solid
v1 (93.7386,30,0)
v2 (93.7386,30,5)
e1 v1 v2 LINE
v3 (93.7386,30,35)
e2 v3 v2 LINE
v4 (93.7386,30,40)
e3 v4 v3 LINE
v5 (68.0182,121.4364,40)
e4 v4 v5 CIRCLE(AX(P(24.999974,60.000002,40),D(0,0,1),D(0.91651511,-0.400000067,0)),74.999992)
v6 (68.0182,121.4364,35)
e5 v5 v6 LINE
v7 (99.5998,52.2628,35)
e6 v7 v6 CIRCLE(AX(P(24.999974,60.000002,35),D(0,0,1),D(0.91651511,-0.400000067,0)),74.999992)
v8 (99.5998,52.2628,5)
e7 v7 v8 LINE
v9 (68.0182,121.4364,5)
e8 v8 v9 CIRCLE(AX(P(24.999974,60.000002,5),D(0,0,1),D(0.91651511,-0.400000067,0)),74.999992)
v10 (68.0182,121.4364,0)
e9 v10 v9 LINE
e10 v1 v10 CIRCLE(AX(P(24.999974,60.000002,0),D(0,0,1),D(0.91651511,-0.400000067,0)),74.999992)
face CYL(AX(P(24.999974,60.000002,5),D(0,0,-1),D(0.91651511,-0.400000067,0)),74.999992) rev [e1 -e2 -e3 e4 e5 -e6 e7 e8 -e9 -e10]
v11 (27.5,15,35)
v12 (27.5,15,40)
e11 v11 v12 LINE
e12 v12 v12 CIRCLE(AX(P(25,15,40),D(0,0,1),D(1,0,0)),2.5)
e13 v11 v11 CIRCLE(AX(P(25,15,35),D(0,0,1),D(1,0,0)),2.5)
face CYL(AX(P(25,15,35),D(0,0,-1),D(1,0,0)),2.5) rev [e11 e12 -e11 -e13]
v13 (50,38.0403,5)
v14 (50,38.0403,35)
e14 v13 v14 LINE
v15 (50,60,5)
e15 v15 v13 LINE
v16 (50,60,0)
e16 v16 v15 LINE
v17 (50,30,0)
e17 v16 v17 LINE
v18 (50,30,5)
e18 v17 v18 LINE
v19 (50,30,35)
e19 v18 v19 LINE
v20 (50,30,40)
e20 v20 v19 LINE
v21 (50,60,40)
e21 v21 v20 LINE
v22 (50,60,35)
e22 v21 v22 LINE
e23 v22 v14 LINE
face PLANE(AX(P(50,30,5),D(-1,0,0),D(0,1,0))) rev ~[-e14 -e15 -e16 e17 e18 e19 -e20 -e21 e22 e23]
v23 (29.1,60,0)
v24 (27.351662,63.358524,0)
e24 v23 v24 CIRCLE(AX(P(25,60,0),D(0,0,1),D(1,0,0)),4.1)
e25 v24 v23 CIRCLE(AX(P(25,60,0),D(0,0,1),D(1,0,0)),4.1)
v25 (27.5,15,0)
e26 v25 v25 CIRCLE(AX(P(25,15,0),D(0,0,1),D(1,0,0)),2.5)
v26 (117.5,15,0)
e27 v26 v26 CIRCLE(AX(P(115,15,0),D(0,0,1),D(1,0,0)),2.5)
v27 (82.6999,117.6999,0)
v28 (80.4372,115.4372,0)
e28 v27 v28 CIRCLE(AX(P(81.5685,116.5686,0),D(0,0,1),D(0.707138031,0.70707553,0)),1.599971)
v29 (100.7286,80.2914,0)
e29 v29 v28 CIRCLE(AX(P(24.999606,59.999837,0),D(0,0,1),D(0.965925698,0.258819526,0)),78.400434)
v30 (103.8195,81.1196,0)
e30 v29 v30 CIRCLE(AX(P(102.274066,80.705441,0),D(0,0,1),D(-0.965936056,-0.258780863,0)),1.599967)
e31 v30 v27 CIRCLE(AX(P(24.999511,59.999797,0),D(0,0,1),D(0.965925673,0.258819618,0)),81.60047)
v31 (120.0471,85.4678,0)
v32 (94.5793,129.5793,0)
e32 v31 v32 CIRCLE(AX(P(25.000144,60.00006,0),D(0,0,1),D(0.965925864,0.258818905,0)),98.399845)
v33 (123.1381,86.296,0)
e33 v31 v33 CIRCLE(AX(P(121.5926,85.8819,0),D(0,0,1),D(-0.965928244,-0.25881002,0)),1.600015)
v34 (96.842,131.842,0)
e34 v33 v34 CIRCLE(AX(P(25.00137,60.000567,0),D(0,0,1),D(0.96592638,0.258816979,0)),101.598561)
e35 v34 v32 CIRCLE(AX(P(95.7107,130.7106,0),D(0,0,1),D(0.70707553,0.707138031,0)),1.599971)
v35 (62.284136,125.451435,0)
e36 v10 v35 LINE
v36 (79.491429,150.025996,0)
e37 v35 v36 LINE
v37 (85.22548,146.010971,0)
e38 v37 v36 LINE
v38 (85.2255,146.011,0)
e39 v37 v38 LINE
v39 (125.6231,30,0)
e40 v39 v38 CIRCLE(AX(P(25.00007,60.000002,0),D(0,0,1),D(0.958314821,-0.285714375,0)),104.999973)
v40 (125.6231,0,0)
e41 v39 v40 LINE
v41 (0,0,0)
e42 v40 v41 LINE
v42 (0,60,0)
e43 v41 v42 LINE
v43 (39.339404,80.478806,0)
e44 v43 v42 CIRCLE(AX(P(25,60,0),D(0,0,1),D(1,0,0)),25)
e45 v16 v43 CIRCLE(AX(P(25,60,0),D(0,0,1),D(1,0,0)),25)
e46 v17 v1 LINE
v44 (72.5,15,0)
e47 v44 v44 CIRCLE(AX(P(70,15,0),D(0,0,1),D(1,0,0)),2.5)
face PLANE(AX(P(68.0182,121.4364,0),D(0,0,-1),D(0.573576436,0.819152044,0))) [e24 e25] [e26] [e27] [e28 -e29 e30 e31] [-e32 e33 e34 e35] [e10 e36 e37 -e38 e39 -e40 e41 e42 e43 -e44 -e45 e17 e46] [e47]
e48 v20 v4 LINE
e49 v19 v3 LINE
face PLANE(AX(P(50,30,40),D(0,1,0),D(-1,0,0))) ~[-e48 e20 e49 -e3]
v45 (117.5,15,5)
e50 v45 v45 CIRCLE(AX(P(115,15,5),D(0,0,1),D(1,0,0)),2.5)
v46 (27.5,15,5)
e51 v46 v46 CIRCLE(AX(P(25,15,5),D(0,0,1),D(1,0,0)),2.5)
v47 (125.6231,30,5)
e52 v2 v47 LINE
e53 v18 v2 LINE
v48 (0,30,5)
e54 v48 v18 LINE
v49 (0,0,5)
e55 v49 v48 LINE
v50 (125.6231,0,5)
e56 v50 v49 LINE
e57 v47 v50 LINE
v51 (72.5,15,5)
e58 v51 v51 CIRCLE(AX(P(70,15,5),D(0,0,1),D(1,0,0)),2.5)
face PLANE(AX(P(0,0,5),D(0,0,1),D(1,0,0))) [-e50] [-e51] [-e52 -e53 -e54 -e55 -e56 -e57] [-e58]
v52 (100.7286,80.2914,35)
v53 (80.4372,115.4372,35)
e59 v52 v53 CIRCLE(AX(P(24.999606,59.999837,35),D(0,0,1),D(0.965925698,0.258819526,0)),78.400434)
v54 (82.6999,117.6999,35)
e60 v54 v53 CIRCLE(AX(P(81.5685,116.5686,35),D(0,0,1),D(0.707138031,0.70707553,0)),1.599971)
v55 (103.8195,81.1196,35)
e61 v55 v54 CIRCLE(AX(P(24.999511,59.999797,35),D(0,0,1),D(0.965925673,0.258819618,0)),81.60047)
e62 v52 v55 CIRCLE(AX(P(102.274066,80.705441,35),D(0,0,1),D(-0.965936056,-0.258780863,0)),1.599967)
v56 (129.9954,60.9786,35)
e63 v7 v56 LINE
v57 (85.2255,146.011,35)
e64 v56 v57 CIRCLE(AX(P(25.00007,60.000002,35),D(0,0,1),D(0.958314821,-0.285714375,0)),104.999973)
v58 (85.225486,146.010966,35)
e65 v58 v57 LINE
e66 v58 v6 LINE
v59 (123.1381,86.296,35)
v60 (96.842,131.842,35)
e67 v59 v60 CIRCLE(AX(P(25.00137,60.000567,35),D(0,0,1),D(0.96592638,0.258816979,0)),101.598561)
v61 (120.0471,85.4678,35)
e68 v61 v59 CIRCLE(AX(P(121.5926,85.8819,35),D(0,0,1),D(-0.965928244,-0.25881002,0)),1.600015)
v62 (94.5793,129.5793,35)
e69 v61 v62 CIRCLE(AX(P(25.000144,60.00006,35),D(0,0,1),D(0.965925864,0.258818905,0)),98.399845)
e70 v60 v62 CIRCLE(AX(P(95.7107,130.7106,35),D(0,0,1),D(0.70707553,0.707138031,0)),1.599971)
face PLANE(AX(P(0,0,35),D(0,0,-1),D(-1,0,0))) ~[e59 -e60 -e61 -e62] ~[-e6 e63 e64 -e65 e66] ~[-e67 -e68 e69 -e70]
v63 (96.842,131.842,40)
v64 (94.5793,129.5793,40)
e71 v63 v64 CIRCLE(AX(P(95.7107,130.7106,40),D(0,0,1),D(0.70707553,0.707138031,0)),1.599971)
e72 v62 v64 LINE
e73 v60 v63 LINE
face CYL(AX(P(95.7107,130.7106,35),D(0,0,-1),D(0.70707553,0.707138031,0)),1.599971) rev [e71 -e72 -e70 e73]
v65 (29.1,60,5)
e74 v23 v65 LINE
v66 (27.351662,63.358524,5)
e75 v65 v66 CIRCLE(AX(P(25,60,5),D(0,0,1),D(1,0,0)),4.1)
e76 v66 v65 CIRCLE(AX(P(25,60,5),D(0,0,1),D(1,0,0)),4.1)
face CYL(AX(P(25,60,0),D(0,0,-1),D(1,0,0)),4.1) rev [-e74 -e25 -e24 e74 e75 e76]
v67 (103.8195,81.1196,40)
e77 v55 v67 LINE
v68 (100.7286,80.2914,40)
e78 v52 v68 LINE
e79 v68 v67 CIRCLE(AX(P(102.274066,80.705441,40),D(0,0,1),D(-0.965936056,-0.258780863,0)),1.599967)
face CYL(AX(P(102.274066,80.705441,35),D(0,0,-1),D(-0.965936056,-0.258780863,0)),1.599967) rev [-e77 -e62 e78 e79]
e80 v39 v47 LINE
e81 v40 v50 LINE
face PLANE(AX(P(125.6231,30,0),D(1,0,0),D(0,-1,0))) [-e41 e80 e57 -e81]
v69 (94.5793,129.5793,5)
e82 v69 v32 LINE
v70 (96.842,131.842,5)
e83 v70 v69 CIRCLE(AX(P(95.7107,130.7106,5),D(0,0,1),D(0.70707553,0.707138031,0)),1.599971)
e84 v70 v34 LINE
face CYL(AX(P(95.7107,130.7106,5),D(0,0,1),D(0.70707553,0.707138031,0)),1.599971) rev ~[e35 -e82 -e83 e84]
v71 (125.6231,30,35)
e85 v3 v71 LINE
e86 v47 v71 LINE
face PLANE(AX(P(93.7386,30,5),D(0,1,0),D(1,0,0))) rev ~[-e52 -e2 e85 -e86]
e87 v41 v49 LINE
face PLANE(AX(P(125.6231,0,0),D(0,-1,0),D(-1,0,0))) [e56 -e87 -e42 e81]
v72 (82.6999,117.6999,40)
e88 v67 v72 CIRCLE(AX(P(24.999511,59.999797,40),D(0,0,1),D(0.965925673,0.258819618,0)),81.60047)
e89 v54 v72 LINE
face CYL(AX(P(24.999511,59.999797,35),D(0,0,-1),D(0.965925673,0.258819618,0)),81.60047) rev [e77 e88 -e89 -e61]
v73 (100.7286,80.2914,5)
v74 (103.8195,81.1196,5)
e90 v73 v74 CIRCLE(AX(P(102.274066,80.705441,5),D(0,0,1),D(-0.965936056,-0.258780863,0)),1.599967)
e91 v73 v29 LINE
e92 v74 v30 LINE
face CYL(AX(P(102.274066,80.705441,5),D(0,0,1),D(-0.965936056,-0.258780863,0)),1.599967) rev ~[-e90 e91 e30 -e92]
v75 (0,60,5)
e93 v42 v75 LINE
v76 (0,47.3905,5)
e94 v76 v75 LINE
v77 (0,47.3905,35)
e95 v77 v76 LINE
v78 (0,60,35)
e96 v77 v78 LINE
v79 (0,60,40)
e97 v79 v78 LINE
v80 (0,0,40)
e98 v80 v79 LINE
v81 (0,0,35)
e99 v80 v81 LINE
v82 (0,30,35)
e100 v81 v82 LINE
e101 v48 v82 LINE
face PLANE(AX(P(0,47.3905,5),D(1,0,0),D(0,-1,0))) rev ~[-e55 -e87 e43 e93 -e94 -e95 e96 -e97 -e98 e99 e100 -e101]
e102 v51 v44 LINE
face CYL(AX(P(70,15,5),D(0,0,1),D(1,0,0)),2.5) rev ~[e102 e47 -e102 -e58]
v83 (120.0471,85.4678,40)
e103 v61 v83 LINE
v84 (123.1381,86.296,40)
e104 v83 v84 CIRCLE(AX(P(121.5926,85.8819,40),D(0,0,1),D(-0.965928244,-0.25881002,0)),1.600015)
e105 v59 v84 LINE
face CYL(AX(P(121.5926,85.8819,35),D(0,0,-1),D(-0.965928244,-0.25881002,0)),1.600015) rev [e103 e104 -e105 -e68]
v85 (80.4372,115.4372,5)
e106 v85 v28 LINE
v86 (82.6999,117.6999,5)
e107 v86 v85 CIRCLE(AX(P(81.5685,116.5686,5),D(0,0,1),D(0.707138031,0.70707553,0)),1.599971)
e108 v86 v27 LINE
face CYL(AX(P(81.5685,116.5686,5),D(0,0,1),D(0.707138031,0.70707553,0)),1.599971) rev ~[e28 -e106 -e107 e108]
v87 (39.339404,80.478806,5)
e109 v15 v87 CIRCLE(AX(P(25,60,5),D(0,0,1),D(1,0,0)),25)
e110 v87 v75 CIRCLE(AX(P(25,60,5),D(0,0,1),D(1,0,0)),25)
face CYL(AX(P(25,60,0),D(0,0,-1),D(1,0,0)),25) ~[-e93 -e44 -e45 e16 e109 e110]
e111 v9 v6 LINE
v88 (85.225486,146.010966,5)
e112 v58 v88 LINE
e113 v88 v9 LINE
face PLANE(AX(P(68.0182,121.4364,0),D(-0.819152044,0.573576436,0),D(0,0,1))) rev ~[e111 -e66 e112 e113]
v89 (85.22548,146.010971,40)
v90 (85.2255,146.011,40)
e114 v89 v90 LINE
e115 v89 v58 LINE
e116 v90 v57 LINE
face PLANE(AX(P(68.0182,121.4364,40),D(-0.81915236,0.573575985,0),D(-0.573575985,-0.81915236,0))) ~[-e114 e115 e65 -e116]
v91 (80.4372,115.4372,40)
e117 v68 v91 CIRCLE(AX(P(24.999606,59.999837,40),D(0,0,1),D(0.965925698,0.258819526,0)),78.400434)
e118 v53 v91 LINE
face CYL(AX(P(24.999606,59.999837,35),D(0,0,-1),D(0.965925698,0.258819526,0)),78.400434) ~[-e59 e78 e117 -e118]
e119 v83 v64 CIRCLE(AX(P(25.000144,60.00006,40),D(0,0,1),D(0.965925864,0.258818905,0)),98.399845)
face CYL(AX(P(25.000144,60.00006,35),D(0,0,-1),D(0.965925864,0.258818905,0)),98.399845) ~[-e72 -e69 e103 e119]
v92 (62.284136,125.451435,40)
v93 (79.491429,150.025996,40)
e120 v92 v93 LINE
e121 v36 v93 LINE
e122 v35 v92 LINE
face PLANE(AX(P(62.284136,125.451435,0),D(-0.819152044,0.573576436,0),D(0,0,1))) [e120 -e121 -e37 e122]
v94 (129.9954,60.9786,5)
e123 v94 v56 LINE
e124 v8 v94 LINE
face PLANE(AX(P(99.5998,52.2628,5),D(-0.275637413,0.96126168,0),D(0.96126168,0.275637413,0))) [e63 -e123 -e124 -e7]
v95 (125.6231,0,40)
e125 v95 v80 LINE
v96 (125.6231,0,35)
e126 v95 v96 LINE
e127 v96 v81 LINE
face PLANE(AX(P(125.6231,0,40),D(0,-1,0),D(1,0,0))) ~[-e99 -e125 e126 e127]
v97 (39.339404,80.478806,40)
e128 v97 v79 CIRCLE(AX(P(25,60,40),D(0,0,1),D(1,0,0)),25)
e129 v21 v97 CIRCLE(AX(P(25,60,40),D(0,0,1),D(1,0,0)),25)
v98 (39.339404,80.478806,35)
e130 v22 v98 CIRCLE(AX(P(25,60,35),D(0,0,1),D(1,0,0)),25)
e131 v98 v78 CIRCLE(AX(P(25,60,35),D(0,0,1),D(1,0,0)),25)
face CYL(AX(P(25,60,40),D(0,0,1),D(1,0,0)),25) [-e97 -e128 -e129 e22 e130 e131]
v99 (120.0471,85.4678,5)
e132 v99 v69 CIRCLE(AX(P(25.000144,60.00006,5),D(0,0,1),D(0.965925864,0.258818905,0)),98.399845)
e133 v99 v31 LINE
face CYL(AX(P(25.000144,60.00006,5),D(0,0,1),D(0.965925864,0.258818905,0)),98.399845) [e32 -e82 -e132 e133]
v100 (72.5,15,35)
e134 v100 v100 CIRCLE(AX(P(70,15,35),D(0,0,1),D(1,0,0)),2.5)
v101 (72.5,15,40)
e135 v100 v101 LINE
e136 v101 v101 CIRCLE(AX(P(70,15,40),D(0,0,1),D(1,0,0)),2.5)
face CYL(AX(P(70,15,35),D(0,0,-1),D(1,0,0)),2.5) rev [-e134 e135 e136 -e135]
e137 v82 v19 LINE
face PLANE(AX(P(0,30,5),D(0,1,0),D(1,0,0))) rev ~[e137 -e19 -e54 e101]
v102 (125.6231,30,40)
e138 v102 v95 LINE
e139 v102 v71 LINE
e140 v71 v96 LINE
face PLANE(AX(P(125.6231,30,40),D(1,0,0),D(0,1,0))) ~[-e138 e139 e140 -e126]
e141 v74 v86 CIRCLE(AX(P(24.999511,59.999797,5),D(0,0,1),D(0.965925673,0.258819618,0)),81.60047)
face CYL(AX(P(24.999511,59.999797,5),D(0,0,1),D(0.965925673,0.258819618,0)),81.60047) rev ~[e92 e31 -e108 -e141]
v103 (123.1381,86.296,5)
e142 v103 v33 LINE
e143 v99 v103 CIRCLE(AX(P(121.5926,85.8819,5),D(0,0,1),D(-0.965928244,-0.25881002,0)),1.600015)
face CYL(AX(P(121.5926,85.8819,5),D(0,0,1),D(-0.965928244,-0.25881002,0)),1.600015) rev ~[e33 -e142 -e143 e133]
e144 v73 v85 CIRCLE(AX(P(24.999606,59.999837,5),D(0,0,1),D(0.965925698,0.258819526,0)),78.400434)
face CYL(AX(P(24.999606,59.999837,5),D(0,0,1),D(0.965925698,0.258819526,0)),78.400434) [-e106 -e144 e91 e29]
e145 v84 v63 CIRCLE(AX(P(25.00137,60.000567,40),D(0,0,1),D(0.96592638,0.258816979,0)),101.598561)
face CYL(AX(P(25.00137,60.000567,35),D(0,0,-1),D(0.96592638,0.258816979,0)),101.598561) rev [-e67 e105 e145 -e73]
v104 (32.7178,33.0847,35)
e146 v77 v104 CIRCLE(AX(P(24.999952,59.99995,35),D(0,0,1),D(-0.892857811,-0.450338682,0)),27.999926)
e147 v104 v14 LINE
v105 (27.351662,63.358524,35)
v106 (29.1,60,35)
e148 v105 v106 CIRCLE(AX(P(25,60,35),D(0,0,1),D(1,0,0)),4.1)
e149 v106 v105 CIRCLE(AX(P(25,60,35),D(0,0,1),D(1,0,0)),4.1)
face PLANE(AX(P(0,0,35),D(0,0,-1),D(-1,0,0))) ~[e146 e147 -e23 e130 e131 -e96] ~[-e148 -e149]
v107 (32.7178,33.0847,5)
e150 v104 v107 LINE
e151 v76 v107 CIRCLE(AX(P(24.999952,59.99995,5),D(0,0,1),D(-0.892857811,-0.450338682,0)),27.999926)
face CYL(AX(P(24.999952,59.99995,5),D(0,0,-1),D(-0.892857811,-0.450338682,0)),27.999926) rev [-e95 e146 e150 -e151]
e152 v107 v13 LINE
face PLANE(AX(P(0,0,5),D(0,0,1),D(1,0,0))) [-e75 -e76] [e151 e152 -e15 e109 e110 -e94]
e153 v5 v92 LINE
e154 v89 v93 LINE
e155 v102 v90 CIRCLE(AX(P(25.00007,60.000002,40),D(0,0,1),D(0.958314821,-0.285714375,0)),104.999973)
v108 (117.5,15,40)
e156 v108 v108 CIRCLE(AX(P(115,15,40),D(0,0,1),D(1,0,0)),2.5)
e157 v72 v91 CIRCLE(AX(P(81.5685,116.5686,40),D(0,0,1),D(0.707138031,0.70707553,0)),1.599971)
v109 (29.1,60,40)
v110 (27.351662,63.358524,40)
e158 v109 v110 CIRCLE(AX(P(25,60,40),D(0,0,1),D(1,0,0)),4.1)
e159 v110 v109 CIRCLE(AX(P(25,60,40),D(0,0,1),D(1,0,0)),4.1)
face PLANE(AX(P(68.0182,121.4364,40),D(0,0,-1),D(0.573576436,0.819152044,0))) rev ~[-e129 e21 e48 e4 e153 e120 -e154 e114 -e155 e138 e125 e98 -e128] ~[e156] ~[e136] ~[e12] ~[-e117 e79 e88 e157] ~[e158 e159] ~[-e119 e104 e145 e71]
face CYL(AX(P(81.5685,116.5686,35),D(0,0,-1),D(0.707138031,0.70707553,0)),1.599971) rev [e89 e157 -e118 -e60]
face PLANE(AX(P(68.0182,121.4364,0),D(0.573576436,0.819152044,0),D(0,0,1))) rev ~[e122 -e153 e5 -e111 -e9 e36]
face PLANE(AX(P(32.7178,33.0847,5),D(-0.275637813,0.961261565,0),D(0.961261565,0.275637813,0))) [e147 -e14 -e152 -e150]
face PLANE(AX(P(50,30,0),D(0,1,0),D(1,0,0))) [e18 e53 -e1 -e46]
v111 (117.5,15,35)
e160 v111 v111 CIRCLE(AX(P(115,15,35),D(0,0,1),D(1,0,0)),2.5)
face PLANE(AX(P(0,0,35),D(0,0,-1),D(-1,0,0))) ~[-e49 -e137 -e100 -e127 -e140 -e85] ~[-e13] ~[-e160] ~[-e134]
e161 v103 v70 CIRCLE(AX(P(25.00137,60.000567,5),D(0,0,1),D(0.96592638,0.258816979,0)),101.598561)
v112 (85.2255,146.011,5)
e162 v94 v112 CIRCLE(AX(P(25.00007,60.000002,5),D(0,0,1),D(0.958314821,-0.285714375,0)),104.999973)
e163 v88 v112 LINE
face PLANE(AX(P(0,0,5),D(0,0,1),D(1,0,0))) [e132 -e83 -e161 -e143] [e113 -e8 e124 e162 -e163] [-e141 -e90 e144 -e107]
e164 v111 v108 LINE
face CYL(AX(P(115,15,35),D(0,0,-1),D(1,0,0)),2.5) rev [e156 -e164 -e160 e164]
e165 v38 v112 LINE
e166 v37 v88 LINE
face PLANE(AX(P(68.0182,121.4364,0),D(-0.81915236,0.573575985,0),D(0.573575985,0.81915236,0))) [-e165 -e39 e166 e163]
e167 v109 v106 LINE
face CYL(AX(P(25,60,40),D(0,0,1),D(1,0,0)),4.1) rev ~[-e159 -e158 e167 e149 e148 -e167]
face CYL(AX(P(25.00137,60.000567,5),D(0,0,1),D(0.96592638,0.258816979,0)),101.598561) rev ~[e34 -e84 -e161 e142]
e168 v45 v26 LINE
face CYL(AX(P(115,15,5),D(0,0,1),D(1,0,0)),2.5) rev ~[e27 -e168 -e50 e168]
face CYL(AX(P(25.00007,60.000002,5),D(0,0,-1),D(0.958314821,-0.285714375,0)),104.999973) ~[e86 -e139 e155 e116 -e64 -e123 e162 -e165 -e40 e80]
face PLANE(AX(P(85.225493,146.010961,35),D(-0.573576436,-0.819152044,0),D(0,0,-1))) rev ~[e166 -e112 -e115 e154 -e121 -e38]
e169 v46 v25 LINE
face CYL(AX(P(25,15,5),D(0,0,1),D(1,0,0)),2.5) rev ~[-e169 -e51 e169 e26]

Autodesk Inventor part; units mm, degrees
ref_plane "YZ Plane" through (0, 0, 0) normal (1, 0, 0) x (0, 1, 0)
ref_plane "XZ Plane" through (0, 0, 0) normal (0, 1, 0) x (-1, 0, 0)
ref_plane "XY Plane" through (0, 0, 0) normal (0, 0, 1) x (1, 0, 0)
sketch "Sketch1" plane through (0, 0, 0) normal (0, 0, 1) x (1, 0, 0)
  line L0 (0, 0) -> (0, 60)
  arc A0 (50, 60) -> (0, 60) centre (25, 60) ccw
  line L1 (50, 60) -> (50, 30)
  line L2 (50, 30) -> (93.7386, 30)
  line L3 (125.6231, 30) -> (125.6231, 0)
  line L4 (125.6231, 0) -> (0, 0)
  circle A1 centre (25, 60) radius 4.1
  arc A2 (93.7386, 30) -> (68.0182, 121.4364) centre (25, 60) ccw
  arc A3 (125.6231, 30) -> (85.2255, 146.011) centre (25, 60) ccw
  line L5 (68.0182, 121.4364) -> (85.2255, 146.011)
  line L6 (68.0182, 121.4364) -> (25, 60)
  dimension "d0" = 30
  dimension "d1" = 50
  dimension "d2" = 8.2
  dimension "d3" = 30
  dimension "d30" = 55
  dimension "d32" = 30
  dimension "d33" = 75
  dimension "d34" = 105
extrude "Extrusion1" add sketch "Sketch1" along normal blind 5 contours L0 A0 L1 L2 A2 L5 A3 L3 L4
sketch "Sketch2" plane through (0, 0, 5) normal (0, 0, 1) x (1, 0, 0)
  circle A0 centre (25, 15) radius 2.5
  line L0 (0, 0) -> (125.6231, 0) projected
  line L1 (0, 60) -> (0, 0) projected
  dimension "d18" = 15
  dimension "d19" = 25
  dimension "d20" = 5
extrude "Extrusion2" cut sketch "Sketch2" against normal blind 10
pattern_linear "Rectangular Pattern1" count 3 spacing 45 along (1, 0, 0) of "Extrusion2"
sketch "Sketch4" plane through (0, 0, 5) normal (0, 0, 1) x (1, 0, 0)
  circle A0 centre (25, 60) radius 4.1 projected
  line L0 (0, 60) -> (0, 0) projected
  arc A1 (0, 47.3905) -> (32.7178, 33.0847) centre (25, 60) ccw
  line L1 (32.7178, 33.0847) -> (50, 38.0403)
  line L2 (50, 30) -> (50, 60) projected
  line L3 (0, 47.3905) -> (0, 30)
  line L4 (93.7386, 30) -> (50, 30) projected
  line L5 (0, 30) -> (50, 30)
  line L6 (50, 30) -> (50, 38.0403)
  dimension "d26" = 28
  dimension "d27" = 16
extrude "Extrusion3" add sketch "Sketch4" along normal blind 15 contours A1 L1 L2 L5 L0
sketch "Sketch5" plane through (0, 0, 5) normal (0, 0, 1) x (1, 0, 0)
  circle A0 centre (25, 60) radius 4.1 projected
  arc A1 (100.7286, 80.2914) -> (80.4372, 115.4372) centre (25, 60) ccw
  arc A2 (103.8195, 81.1196) -> (82.6999, 117.6999) centre (25, 60) ccw
  arc A3 (120.0471, 85.4678) -> (94.5793, 129.5793) centre (25, 60) ccw
  arc A4 (123.1381, 86.296) -> (96.842, 131.842) centre (25, 60) ccw
  arc A5 (82.6999, 117.6999) -> (80.4372, 115.4372) centre (81.5685, 116.5685) ccw
  arc A6 (100.7286, 80.2914) -> (103.8195, 81.1196) centre (102.2741, 80.7055) ccw
  arc A7 (96.842, 131.842) -> (94.5793, 129.5793) centre (95.7107, 130.7107) ccw
  arc A8 (120.0471, 85.4678) -> (123.1381, 86.296) centre (121.5926, 85.8819) ccw
  line L0 (95.7107, 130.7107) -> (81.5685, 116.5685)
  line L1 (81.5685, 116.5685) -> (25, 60)
  line L2 (25, 60) -> (102.2741, 80.7055)
  line L3 (102.2741, 80.7055) -> (121.5926, 85.8819)
  line L4 (93.7386, 30) -> (50, 30) projected
  point P0 (0, 0)
  dimension "d35" = 3.2
  dimension "d36" = 3.2
  dimension "d37" = 45
  dimension "d38" = 15
  dimension "d44" = 80
  dimension "d45" = 20
extrude "Extrusion4" cut sketch "Sketch5" against normal blind 15 contours L2 L3 A6 | A1 L1 L0 A2 L3 L2 | A5 L0 L1 | A3 A7 A4 A8
sketch "Sketch6" plane through (0, 0, 5) normal (0, 0, 1) x (1, 0, 0)
  circle A0 centre (25, 60) radius 4.1 projected
  arc A1 (125.6231, 30) -> (85.2255, 146.011) centre (25, 60) ccw projected
  arc A2 (125.6231, 30) -> (129.9954, 60.9786) centre (25, 60) ccw
  arc A3 (93.7386, 30) -> (68.0182, 121.4364) centre (25, 60) ccw projected
  arc A4 (93.7386, 30) -> (99.5998, 52.2628) centre (25, 60) ccw
  line L0 (99.5998, 52.2628) -> (129.9954, 60.9786)
  line L1 (93.7386, 30) -> (125.6231, 30)
  line L2 (50, 38.0403) -> (32.7178, 33.0847) projected
  point P0 (0, 0)
extrude "Extrusion5" add sketch "Sketch6" along normal blind 15 contours L1 A3 L0 A1
mirror "Mirror1" about plane through (111.8693, 45.4893, 20) normal (0, 0, 1)
sketch "Sketch7" plane through (68.0182, 121.4364, 0) normal (-0.8192, 0.5736, 0) x (0, 0, 1)
  line L0 (0, -41.8595) -> (0, 30) projected
  line L1 (40, 30) -> (35, 30) projected
  line L2 (0, 0) -> (40, 0)
  line L3 (40, 0) -> (40, 30)
  line L4 (40, 30) -> (0, 30)
  line L5 (0, 30) -> (0, 0)
  point P0 (0, -138.4885)
  point P1 (35, 30)
  point P2 (0, 30)
extrude "Extrusion6" add sketch "Sketch7" along normal blind 7
properties part number "force_measurement_plate"
